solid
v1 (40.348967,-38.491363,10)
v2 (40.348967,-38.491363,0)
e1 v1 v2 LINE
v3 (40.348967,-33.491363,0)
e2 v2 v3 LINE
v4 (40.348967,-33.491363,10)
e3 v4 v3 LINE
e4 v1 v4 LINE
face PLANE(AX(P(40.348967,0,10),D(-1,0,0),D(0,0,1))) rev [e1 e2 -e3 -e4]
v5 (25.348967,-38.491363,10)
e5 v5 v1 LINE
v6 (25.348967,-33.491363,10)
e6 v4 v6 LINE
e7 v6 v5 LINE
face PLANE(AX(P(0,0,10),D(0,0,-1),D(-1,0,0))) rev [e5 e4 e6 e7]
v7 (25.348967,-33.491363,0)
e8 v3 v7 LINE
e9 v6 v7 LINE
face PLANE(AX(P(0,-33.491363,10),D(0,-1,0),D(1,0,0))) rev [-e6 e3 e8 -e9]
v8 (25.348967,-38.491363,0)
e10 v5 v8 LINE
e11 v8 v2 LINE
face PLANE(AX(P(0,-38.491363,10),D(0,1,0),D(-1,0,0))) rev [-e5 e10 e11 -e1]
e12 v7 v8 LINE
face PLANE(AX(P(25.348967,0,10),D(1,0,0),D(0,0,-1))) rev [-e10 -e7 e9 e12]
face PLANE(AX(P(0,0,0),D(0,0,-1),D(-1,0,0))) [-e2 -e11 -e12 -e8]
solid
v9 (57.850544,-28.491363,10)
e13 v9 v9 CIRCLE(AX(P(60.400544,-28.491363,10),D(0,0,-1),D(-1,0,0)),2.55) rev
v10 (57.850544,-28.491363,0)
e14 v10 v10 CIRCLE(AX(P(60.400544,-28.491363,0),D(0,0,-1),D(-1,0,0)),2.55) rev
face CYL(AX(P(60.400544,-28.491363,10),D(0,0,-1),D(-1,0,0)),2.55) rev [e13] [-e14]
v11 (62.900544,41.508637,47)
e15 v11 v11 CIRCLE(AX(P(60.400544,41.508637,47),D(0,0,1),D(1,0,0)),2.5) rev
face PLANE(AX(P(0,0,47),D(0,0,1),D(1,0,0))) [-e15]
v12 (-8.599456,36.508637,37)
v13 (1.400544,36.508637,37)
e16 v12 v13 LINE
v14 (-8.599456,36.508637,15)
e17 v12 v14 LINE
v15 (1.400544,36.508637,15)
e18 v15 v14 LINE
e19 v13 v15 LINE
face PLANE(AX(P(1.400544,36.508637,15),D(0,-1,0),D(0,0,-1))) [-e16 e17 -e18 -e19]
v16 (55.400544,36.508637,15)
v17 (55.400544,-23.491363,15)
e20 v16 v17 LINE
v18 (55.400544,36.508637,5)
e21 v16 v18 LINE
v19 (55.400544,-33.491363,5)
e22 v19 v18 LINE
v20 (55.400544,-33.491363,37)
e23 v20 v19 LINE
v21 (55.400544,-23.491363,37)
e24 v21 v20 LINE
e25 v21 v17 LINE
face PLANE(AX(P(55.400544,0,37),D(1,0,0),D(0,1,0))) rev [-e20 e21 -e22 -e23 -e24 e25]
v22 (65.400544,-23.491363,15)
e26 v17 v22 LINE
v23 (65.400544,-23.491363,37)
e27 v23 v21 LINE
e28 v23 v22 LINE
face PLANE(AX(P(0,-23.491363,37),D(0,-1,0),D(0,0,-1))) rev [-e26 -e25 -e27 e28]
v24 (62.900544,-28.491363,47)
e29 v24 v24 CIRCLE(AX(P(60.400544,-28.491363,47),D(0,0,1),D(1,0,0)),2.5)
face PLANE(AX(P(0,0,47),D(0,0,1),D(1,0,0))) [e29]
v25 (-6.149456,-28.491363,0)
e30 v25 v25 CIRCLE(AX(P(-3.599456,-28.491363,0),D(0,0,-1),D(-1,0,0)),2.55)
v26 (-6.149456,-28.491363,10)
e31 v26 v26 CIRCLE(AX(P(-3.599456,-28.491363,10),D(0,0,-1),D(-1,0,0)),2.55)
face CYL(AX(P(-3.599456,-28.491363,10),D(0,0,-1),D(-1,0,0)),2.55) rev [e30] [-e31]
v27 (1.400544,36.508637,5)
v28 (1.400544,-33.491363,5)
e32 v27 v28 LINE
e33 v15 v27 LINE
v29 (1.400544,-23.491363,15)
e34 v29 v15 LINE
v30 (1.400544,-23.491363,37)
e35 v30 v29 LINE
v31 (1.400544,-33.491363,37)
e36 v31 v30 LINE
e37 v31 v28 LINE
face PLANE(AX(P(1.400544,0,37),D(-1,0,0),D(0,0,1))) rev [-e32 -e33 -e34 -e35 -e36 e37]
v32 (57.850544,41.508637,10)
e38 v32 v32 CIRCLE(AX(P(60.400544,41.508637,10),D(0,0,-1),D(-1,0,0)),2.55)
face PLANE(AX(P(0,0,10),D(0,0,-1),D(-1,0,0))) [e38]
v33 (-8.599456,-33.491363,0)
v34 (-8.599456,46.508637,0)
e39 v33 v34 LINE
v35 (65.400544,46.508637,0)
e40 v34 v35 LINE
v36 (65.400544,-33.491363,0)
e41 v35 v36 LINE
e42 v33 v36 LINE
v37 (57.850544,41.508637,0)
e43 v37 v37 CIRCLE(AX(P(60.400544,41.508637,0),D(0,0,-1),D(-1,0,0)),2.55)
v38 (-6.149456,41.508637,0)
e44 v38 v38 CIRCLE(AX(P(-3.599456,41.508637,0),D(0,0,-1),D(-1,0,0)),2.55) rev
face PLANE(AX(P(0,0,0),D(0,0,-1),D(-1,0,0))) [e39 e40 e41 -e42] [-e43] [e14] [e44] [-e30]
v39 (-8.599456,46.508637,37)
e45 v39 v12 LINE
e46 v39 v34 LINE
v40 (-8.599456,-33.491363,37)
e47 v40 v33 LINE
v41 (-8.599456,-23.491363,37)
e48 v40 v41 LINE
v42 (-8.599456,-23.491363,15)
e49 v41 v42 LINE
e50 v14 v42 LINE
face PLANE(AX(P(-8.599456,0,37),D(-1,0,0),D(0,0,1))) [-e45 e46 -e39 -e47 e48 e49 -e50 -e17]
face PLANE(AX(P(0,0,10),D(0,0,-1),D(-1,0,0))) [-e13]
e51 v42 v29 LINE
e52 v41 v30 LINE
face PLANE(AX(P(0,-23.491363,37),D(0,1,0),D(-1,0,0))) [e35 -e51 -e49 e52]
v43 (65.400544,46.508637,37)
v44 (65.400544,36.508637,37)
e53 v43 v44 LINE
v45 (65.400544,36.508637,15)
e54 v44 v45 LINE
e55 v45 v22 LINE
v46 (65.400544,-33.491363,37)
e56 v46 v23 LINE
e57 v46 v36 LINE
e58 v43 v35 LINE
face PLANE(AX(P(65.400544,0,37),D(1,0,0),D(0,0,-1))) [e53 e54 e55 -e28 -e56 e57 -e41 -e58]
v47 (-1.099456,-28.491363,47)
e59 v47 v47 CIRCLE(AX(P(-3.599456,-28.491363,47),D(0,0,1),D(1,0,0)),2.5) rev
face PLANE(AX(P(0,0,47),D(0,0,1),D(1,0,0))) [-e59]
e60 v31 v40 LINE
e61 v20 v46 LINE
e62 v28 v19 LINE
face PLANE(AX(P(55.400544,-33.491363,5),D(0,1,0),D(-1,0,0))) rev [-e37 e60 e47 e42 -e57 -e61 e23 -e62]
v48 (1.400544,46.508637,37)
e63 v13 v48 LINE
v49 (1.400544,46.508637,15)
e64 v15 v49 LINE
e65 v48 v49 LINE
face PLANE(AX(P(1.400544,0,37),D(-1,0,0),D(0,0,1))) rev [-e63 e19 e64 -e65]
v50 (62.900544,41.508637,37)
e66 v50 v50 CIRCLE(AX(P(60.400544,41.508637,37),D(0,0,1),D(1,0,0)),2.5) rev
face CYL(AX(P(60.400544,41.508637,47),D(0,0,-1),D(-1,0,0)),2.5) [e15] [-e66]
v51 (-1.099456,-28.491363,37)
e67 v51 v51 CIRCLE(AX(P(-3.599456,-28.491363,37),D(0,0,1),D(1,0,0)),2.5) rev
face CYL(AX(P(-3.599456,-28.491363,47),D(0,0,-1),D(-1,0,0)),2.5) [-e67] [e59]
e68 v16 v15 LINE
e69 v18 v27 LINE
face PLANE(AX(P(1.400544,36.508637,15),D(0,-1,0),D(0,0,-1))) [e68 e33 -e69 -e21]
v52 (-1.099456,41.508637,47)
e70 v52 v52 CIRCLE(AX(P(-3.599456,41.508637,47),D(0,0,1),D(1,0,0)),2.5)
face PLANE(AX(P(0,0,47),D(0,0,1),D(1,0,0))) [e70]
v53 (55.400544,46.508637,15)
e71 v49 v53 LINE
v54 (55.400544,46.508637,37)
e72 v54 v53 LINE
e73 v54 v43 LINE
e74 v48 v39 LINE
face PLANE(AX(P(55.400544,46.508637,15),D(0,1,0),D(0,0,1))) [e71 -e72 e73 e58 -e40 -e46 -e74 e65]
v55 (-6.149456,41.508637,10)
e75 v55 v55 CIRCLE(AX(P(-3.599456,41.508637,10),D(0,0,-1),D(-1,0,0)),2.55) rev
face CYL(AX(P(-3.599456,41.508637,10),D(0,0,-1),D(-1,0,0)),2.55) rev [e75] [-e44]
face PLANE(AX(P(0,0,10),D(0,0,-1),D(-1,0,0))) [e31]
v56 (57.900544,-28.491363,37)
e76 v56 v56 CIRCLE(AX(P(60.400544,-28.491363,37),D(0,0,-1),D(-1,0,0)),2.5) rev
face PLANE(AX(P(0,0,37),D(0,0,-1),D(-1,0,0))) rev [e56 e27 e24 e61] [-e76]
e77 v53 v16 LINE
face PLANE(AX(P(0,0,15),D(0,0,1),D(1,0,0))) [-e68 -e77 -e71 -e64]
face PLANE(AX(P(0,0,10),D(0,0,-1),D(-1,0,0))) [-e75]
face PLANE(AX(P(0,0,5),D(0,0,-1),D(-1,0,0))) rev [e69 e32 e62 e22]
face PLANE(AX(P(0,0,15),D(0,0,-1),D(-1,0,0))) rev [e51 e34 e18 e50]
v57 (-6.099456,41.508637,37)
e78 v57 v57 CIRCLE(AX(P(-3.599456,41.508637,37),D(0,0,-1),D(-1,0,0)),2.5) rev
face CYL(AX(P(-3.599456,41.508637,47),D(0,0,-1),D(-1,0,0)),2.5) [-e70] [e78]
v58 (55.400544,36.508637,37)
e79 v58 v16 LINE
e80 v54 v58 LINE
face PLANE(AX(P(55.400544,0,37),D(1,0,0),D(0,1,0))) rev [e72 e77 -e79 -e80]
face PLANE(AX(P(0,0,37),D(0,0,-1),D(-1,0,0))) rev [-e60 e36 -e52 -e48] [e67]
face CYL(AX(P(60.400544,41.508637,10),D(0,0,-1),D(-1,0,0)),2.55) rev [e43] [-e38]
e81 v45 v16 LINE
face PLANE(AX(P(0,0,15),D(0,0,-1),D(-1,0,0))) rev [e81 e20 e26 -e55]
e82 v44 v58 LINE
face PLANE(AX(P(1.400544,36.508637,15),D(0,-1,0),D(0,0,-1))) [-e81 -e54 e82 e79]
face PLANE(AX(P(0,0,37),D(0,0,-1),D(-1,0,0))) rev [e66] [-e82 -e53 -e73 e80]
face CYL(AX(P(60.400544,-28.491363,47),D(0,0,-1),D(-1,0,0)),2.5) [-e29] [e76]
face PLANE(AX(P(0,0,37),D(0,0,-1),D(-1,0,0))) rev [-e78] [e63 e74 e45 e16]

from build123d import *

# Parameters (mm, degrees)
CROQUIS1_W               = 54
CROQUIS1_H               = 70
SALIENTE_EXTRUIR1_DEPTH  = 5
CROQUIS4_W               = 54
CROQUIS4_H               = 10
SALIENTE_EXTRUIR5_DEPTH  = 15
CROQUIS5_W               = 10
CROQUIS5_H               = 10
SALIENTE_EXTRUIR6_DEPTH  = 37
CROQUIS6_W               = 15
CROQUIS6_H               = 5
SALIENTE_EXTRUIR7_DEPTH  = 10
CROQUIS8_W               = 10
CROQUIS8_H               = 60
SALIENTE_EXTRUIR9_DEPTH  = 15
CROQUIS9_R               = 2.5
SALIENTE_EXTRUIR10_DEPTH = 10
CROQUIS11_R              = 2.55
CORTAR_EXTRUIR1_DEPTH    = 10


with BuildPart() as part:
    # Croquis1 → Saliente-Extruir1 (new body)
    with BuildSketch(Plane.XY):
        with Locations((28.400543811, 1.50863747)):
            Rectangle(CROQUIS1_W, CROQUIS1_H)
    extrude(amount=SALIENTE_EXTRUIR1_DEPTH)

    # Croquis4 → Saliente-Extruir5 (add)
    with BuildSketch(Plane(origin=(0, 0, 0), x_dir=(-1, 0, 0), z_dir=(0, 0, -1))):
        with Locations((-28.400543811, 41.50863747)):
            Rectangle(CROQUIS4_W, CROQUIS4_H)
    extrude(amount=-SALIENTE_EXTRUIR5_DEPTH)

    # Croquis5 → Saliente-Extruir6 (add)
    with BuildSketch(Plane(origin=(0, 0, 0), x_dir=(-1, 0, 0), z_dir=(0, 0, -1))):
        with Locations((-60.400543811, 41.50863747)):
            Rectangle(CROQUIS5_W, CROQUIS5_H)
        with Locations((-60.400543811, -28.49136253)):
            Rectangle(CROQUIS5_W, CROQUIS5_H)
        with Locations((3.599456189, -28.49136253)):
            Rectangle(CROQUIS5_W, CROQUIS5_H)
        with Locations((3.599456189, 41.50863747)):
            Rectangle(CROQUIS5_W, CROQUIS5_H)
    extrude(amount=-SALIENTE_EXTRUIR6_DEPTH)

    # Croquis8 → Saliente-Extruir9 (add)
    with BuildSketch(Plane(origin=(0, 0, 0), x_dir=(-1, 0, 0), z_dir=(0, 0, -1))):
        with Locations((-60.400543811, 6.50863747)):
            Rectangle(CROQUIS8_W, CROQUIS8_H)
        with Locations((3.599456189, 6.50863747)):
            Rectangle(CROQUIS8_W, CROQUIS8_H)
    extrude(amount=-SALIENTE_EXTRUIR9_DEPTH)

    # Croquis9 → Saliente-Extruir10 (add)
    with BuildSketch(Plane.XY.offset(37)):
        with BuildLine():
            ThreePointArc((-1.099456189, 41.50863747), (-3.599456189, 44.00863747), (-6.099456189, 41.50863747))
            Line((-6.099456189, 41.50863747), (-1.099456189, 41.50863747))
        make_face()
        with BuildLine():
            Line((-1.099456189, 41.50863747), (-6.099456189, 41.50863747))
            ThreePointArc((-6.099456189, 41.50863747), (-3.599456189, 39.00863747), (-1.099456189, 41.50863747))
        make_face()
        with Locations((60.400543811, 41.50863747)):
            Circle(CROQUIS9_R)
        with Locations((60.400543811, -28.49136253)):
            Circle(CROQUIS9_R)
        with Locations((-3.599456189, -28.49136253)):
            Circle(CROQUIS9_R)
    extrude(amount=SALIENTE_EXTRUIR10_DEPTH)

    # Croquis11 → Cortar-Extruir1 (cut)
    with BuildSketch(Plane(origin=(0, 0, 0), x_dir=(-1, 0, 0), z_dir=(0, 0, -1))):
        with BuildLine():
            ThreePointArc((-57.850543811, 41.50863747), (-60.400543811, 44.05863747), (-62.950543811, 41.50863747))
            Line((-62.950543811, 41.50863747), (-60.400543811, 41.50863747))
            Line((-60.400543811, 41.50863747), (-57.850543811, 41.50863747))
        make_face()
        with BuildLine():
            Line((-60.400543811, 41.50863747), (-62.950543811, 41.50863747))
            ThreePointArc((-62.950543811, 41.50863747), (-60.400543811, 38.95863747), (-57.850543811, 41.50863747))
            Line((-57.850543811, 41.50863747), (-60.400543811, 41.50863747))
        make_face()
        with BuildLine():
            ThreePointArc((6.149456189, 41.50863747), (3.599456189, 44.05863747), (1.049456189, 41.50863747))
            Line((1.049456189, 41.50863747), (6.149456189, 41.50863747))
        make_face()
        with BuildLine():
            Line((6.149456189, 41.50863747), (1.049456189, 41.50863747))
            ThreePointArc((1.049456189, 41.50863747), (3.599456189, 38.95863747), (6.149456189, 41.50863747))
        make_face()
        with Locations((3.599456189, -28.49136253)):
            Circle(CROQUIS11_R)
        with Locations((-60.400543811, -28.49136253)):
            Circle(CROQUIS11_R)
    extrude(amount=-CORTAR_EXTRUIR1_DEPTH, mode=Mode.SUBTRACT)


with BuildPart() as body_2:
    # Croquis6 → Saliente-Extruir7 (new body)
    with BuildSketch(Plane(origin=(0, 0, 0), x_dir=(-1, 0, 0), z_dir=(0, 0, -1))):
        with Locations((-32.848967284, -35.99136253)):
            Rectangle(CROQUIS6_W, CROQUIS6_H)
    extrude(amount=-SALIENTE_EXTRUIR7_DEPTH)


solid = Compound([part.part, body_2.part])
